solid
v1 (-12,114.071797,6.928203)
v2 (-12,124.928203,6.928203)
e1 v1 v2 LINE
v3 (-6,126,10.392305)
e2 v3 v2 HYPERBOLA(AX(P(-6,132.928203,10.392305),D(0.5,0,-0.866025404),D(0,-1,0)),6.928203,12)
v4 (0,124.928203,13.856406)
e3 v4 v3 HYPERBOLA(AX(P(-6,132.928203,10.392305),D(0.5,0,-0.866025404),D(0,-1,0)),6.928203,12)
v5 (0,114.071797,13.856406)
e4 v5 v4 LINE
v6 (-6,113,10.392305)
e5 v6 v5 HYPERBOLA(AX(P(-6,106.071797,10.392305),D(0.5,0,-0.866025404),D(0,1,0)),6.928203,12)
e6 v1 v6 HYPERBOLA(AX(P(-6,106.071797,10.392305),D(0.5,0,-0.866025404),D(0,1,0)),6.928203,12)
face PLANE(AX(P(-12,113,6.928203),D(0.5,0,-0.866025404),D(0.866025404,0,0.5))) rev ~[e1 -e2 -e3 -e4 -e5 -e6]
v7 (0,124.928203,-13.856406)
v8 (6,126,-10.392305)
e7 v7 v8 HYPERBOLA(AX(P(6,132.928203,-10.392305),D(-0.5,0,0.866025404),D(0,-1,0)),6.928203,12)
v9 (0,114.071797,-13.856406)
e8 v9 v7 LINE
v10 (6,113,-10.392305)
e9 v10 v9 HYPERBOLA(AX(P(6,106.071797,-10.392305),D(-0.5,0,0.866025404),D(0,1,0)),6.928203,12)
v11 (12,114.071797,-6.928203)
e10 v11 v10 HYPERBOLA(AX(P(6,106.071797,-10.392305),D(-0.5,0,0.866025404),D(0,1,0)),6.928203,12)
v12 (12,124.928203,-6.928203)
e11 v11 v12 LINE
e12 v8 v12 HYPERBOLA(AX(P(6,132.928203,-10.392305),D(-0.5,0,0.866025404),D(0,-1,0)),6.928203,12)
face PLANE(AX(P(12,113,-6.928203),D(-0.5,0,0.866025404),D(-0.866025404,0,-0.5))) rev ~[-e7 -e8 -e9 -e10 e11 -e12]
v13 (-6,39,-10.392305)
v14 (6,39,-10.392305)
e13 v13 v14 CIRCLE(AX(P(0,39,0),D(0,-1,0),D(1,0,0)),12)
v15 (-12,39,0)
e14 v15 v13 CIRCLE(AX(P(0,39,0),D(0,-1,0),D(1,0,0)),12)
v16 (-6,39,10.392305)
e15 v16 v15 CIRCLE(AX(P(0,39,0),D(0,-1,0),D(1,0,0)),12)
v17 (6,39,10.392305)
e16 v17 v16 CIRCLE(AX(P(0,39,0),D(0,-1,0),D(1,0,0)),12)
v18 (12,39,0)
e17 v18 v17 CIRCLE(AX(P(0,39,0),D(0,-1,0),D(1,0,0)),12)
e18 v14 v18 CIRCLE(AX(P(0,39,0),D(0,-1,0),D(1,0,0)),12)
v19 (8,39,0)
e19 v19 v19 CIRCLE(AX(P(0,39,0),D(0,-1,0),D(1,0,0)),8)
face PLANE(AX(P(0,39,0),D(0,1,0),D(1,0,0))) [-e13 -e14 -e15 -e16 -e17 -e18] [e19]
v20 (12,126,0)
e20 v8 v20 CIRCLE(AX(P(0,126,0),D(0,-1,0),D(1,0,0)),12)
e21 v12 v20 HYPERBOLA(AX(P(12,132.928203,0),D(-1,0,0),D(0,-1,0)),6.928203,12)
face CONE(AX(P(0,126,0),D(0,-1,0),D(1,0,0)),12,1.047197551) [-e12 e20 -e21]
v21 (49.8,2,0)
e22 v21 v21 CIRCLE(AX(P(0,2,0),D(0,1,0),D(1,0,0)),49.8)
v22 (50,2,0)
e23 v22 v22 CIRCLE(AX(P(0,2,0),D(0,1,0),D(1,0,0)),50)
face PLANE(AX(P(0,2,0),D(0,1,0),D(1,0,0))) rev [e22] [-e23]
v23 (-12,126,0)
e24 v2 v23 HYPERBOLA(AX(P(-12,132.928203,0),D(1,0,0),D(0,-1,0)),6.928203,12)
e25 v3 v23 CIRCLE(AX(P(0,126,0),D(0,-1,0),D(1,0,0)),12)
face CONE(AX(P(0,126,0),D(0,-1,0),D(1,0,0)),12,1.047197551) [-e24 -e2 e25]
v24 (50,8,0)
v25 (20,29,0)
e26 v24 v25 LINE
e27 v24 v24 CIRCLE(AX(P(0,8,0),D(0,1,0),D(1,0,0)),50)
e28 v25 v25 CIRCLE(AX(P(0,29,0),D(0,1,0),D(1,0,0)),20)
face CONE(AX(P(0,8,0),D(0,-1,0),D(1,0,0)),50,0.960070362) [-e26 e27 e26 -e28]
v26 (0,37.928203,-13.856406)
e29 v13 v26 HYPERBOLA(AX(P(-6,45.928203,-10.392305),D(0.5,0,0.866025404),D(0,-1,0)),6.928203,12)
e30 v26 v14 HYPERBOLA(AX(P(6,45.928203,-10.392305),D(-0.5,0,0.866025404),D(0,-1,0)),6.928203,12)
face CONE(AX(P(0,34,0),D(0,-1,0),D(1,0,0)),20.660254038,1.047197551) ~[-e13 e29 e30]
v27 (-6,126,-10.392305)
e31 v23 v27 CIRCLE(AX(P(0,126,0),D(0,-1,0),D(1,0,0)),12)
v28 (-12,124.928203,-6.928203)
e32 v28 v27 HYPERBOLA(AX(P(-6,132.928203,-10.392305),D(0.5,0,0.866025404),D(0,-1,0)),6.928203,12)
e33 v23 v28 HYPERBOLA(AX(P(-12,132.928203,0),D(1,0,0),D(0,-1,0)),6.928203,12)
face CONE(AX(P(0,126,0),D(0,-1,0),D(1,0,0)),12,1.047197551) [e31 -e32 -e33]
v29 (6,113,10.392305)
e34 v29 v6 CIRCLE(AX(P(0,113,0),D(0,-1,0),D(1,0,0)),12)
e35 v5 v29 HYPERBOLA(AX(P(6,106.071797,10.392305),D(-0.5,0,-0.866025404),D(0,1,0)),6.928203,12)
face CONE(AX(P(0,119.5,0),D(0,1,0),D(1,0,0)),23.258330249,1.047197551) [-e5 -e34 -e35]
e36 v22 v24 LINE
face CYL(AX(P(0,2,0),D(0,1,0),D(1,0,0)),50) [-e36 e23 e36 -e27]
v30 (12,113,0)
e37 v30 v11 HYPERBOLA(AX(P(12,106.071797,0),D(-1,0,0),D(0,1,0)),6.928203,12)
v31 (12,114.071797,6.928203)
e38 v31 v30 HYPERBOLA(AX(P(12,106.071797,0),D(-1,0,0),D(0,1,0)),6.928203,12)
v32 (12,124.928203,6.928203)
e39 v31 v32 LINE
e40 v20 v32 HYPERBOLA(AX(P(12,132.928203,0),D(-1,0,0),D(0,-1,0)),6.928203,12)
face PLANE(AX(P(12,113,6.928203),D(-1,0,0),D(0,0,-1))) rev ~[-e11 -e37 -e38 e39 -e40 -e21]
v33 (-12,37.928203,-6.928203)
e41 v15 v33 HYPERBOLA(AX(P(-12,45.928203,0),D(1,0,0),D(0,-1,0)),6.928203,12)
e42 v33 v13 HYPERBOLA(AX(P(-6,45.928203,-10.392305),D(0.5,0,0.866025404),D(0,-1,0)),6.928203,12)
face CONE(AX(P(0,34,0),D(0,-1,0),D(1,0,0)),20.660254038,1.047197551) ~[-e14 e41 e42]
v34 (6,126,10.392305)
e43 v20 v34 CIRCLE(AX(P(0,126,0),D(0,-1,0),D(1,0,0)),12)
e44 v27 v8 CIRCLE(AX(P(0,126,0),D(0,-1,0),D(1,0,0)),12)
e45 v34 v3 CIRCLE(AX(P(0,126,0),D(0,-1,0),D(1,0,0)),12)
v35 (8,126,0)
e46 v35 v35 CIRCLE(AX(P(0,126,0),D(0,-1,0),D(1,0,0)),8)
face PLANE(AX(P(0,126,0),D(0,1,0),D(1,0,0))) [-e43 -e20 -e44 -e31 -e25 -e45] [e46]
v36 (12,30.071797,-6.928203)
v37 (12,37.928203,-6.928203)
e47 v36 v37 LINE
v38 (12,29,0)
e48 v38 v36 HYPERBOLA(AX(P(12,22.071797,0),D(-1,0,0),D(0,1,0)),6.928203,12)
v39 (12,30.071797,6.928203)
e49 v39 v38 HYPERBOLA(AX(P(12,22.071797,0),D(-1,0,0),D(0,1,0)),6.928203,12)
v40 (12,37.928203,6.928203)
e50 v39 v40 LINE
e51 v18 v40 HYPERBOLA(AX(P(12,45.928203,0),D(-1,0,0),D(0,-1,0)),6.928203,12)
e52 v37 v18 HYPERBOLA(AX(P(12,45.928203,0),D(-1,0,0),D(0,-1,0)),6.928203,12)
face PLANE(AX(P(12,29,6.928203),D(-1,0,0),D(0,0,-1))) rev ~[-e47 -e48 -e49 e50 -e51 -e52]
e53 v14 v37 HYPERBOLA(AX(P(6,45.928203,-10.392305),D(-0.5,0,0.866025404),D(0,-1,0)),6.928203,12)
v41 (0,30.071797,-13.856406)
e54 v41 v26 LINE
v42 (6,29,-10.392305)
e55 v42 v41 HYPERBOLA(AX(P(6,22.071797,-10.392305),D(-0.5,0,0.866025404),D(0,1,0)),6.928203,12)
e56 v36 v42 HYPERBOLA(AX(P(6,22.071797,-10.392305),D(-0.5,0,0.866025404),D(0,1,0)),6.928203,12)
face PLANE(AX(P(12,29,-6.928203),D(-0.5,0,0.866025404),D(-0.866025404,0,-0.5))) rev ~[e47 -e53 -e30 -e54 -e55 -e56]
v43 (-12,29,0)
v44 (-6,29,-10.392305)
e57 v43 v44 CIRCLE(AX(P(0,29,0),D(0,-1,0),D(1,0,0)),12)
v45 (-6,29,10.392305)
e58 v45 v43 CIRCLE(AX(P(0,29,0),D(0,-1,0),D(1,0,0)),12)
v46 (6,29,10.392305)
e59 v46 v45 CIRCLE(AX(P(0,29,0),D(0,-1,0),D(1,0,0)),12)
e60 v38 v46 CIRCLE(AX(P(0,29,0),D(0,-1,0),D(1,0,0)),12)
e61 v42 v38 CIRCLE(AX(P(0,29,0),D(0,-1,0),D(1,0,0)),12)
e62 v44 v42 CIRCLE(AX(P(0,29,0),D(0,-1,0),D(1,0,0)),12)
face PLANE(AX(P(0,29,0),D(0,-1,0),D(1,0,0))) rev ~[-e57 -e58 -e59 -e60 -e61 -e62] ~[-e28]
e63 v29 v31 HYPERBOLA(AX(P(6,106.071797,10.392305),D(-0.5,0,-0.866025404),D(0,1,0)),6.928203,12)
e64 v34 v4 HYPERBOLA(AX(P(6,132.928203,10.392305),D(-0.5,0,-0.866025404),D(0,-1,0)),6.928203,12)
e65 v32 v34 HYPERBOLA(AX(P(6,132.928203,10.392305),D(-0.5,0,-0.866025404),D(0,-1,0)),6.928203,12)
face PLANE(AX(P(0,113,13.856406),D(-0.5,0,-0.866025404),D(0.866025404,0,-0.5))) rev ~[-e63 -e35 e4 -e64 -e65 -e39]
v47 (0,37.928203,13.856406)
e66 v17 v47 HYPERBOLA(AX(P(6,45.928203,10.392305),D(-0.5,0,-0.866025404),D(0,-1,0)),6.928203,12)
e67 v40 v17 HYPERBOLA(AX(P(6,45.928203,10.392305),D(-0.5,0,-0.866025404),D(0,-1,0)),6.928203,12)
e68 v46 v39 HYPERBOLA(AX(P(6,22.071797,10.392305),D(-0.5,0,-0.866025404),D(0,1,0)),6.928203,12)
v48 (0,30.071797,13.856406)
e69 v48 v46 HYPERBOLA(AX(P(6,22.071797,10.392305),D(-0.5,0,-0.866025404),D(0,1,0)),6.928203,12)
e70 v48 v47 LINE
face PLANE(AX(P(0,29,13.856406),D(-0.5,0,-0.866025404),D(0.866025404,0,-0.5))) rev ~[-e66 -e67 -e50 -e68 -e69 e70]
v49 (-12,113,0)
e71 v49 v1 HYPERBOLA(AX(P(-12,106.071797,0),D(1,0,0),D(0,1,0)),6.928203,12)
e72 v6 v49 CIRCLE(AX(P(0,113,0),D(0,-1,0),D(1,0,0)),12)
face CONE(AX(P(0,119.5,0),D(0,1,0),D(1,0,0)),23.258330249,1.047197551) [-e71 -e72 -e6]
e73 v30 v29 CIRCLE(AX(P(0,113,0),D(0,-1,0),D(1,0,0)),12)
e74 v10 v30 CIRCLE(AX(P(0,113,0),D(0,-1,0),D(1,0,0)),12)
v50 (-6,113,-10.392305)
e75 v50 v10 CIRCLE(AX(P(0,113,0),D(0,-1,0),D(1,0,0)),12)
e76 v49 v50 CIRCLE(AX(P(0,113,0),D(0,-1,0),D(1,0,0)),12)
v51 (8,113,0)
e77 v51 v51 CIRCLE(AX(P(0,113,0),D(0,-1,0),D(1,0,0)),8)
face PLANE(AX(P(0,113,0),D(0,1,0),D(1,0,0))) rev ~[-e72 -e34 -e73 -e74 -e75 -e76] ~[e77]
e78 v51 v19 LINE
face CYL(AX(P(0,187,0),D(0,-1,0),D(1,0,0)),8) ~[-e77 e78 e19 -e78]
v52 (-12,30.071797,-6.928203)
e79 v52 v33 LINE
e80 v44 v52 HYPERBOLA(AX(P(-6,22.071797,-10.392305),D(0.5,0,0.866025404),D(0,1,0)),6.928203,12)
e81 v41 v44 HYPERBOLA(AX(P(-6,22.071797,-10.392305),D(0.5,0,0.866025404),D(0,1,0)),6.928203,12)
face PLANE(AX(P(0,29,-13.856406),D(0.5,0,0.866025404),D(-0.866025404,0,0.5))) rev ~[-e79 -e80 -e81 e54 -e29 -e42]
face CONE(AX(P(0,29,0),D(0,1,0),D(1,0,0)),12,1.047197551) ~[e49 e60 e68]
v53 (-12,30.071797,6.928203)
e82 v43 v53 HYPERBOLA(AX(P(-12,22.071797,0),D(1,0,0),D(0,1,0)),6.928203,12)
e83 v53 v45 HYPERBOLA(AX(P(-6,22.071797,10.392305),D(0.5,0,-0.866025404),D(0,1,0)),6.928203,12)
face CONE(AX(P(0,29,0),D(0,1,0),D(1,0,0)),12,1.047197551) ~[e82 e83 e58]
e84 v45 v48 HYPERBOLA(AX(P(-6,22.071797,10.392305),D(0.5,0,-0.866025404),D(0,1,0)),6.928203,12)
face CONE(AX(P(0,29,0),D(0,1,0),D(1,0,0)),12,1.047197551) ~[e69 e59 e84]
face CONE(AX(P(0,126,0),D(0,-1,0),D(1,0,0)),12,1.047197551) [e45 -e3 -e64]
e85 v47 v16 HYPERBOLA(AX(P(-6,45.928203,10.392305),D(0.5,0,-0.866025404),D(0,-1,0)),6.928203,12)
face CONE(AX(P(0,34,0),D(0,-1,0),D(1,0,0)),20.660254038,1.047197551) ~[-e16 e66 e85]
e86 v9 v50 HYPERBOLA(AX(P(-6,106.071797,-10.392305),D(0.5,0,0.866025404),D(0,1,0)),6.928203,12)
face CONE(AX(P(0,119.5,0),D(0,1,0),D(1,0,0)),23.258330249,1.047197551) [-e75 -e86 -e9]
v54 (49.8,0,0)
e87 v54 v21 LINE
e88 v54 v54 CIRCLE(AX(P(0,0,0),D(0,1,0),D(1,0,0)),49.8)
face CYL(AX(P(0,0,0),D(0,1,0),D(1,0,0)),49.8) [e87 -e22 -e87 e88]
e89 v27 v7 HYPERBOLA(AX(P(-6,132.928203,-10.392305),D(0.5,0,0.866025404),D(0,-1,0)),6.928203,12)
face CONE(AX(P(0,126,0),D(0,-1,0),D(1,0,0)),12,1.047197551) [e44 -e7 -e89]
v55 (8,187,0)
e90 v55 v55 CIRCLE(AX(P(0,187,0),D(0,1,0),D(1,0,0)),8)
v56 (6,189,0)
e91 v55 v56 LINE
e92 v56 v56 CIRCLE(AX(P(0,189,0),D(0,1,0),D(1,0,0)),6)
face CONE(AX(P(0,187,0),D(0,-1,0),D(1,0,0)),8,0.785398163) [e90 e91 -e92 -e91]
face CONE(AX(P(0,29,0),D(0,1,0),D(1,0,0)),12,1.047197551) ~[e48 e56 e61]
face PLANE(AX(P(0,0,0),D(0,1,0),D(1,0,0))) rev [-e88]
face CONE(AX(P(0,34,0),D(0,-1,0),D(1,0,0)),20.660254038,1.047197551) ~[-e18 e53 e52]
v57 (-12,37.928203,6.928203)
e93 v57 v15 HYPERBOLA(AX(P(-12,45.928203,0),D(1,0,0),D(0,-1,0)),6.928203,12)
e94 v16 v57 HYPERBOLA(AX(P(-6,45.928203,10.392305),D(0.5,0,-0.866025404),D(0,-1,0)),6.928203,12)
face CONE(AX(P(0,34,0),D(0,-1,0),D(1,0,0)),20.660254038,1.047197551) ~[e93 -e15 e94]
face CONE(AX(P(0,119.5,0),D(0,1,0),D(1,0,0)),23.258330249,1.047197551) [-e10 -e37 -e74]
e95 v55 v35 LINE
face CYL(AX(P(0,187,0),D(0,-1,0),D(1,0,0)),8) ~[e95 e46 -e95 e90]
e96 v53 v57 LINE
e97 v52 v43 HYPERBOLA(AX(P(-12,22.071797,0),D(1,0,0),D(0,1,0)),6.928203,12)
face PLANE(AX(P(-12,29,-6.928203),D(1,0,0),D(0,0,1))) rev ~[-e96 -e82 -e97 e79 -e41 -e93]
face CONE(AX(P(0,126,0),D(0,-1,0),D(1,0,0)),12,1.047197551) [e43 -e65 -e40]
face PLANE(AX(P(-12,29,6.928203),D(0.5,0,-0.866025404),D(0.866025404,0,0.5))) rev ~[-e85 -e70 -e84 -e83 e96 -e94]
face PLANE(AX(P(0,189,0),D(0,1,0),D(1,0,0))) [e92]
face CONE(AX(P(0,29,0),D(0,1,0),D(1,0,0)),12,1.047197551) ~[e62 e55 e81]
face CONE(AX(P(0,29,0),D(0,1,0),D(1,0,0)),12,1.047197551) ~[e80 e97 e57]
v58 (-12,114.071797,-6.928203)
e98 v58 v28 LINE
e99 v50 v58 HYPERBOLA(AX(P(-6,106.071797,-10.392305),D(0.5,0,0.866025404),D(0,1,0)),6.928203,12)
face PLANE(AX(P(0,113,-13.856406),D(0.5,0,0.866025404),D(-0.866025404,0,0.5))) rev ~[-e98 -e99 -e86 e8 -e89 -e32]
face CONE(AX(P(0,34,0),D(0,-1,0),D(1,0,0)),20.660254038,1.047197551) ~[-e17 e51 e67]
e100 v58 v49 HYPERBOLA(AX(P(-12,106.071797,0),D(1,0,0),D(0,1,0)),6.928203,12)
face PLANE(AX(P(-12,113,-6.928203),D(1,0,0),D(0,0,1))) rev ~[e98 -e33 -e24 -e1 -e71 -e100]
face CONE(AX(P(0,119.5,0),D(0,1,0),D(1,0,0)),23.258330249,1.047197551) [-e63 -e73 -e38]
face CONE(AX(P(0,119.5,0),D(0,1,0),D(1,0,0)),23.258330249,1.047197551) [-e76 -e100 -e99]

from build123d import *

# Parameters (mm, degrees)
EXTRUDE_1_DEPTH = 10
EXTRUDE_2_DEPTH = 13


with BuildPart() as part:
    # Эскиз1 → Повернуть1 (revolve)
    with BuildSketch(Plane.XY, mode=Mode.PRIVATE) as revolve_1_sk:
        Polygon((0, 0), (-49.8, 0), (-49.8, 2), (-50, 2), (-50, 8), (-20, 29), (-8, 29), (-8, 39), (-8, 187), (-6, 189), (0, 189), align=None)
    revolve(revolve_1_sk.sketch.rotate(Axis((0, 0, 0), (0, 1, 0)), 180), axis=Axis((0, 0, 0), (0, 1, 0)))  # turned: the seam where the file's is

    # Эскиз2 → Бобышка-Вытянуть1 (add)
    with BuildSketch(Plane(origin=(0, 29, 0), x_dir=(1, 0, 0), z_dir=(0, 1, 0))):
        Polygon((0, 13.856406461), (-12, 6.92820323), (-12, -6.92820323), (0, -13.856406461), (12, -6.92820323), (12, 6.92820323), align=None)
    extrude(amount=EXTRUDE_1_DEPTH)

    # Эскиз3 → Бобышка-Вытянуть2 (add)
    with BuildSketch(Plane(origin=(0, 113, 0), x_dir=(1, 0, 0), z_dir=(0, 1, 0))):
        Polygon((12, 6.92820323), (0, 13.856406461), (-12, 6.92820323), (-12, -6.92820323), (0, -13.856406461), (12, -6.92820323), align=None)
    extrude(amount=EXTRUDE_2_DEPTH)

    # Эскиз4 → Вырез-Повернуть2 (revolve, cut)
    with BuildSketch(Plane.XY, mode=Mode.PRIVATE) as cut_revolve_2_sk:
        Polygon((-23.258330249, 126), (-12, 126), (-23.258330249, 119.5), align=None)
        Polygon((-23.258330249, 113), (-23.258330249, 119.5), (-12, 113), align=None)
        Polygon((-20.660254038, 39), (-20.660254038, 34), (-12, 39), align=None)
        Polygon((-20.660254038, 34), (-20.660254038, 29), (-12, 29), align=None)
    revolve(cut_revolve_2_sk.sketch.rotate(Axis((0, 189, 0), (0, -1, 0)), 180), axis=Axis((0, 189, 0), (0, -1, 0)), mode=Mode.SUBTRACT)  # turned: the seam where the file's is


solid = part.part
